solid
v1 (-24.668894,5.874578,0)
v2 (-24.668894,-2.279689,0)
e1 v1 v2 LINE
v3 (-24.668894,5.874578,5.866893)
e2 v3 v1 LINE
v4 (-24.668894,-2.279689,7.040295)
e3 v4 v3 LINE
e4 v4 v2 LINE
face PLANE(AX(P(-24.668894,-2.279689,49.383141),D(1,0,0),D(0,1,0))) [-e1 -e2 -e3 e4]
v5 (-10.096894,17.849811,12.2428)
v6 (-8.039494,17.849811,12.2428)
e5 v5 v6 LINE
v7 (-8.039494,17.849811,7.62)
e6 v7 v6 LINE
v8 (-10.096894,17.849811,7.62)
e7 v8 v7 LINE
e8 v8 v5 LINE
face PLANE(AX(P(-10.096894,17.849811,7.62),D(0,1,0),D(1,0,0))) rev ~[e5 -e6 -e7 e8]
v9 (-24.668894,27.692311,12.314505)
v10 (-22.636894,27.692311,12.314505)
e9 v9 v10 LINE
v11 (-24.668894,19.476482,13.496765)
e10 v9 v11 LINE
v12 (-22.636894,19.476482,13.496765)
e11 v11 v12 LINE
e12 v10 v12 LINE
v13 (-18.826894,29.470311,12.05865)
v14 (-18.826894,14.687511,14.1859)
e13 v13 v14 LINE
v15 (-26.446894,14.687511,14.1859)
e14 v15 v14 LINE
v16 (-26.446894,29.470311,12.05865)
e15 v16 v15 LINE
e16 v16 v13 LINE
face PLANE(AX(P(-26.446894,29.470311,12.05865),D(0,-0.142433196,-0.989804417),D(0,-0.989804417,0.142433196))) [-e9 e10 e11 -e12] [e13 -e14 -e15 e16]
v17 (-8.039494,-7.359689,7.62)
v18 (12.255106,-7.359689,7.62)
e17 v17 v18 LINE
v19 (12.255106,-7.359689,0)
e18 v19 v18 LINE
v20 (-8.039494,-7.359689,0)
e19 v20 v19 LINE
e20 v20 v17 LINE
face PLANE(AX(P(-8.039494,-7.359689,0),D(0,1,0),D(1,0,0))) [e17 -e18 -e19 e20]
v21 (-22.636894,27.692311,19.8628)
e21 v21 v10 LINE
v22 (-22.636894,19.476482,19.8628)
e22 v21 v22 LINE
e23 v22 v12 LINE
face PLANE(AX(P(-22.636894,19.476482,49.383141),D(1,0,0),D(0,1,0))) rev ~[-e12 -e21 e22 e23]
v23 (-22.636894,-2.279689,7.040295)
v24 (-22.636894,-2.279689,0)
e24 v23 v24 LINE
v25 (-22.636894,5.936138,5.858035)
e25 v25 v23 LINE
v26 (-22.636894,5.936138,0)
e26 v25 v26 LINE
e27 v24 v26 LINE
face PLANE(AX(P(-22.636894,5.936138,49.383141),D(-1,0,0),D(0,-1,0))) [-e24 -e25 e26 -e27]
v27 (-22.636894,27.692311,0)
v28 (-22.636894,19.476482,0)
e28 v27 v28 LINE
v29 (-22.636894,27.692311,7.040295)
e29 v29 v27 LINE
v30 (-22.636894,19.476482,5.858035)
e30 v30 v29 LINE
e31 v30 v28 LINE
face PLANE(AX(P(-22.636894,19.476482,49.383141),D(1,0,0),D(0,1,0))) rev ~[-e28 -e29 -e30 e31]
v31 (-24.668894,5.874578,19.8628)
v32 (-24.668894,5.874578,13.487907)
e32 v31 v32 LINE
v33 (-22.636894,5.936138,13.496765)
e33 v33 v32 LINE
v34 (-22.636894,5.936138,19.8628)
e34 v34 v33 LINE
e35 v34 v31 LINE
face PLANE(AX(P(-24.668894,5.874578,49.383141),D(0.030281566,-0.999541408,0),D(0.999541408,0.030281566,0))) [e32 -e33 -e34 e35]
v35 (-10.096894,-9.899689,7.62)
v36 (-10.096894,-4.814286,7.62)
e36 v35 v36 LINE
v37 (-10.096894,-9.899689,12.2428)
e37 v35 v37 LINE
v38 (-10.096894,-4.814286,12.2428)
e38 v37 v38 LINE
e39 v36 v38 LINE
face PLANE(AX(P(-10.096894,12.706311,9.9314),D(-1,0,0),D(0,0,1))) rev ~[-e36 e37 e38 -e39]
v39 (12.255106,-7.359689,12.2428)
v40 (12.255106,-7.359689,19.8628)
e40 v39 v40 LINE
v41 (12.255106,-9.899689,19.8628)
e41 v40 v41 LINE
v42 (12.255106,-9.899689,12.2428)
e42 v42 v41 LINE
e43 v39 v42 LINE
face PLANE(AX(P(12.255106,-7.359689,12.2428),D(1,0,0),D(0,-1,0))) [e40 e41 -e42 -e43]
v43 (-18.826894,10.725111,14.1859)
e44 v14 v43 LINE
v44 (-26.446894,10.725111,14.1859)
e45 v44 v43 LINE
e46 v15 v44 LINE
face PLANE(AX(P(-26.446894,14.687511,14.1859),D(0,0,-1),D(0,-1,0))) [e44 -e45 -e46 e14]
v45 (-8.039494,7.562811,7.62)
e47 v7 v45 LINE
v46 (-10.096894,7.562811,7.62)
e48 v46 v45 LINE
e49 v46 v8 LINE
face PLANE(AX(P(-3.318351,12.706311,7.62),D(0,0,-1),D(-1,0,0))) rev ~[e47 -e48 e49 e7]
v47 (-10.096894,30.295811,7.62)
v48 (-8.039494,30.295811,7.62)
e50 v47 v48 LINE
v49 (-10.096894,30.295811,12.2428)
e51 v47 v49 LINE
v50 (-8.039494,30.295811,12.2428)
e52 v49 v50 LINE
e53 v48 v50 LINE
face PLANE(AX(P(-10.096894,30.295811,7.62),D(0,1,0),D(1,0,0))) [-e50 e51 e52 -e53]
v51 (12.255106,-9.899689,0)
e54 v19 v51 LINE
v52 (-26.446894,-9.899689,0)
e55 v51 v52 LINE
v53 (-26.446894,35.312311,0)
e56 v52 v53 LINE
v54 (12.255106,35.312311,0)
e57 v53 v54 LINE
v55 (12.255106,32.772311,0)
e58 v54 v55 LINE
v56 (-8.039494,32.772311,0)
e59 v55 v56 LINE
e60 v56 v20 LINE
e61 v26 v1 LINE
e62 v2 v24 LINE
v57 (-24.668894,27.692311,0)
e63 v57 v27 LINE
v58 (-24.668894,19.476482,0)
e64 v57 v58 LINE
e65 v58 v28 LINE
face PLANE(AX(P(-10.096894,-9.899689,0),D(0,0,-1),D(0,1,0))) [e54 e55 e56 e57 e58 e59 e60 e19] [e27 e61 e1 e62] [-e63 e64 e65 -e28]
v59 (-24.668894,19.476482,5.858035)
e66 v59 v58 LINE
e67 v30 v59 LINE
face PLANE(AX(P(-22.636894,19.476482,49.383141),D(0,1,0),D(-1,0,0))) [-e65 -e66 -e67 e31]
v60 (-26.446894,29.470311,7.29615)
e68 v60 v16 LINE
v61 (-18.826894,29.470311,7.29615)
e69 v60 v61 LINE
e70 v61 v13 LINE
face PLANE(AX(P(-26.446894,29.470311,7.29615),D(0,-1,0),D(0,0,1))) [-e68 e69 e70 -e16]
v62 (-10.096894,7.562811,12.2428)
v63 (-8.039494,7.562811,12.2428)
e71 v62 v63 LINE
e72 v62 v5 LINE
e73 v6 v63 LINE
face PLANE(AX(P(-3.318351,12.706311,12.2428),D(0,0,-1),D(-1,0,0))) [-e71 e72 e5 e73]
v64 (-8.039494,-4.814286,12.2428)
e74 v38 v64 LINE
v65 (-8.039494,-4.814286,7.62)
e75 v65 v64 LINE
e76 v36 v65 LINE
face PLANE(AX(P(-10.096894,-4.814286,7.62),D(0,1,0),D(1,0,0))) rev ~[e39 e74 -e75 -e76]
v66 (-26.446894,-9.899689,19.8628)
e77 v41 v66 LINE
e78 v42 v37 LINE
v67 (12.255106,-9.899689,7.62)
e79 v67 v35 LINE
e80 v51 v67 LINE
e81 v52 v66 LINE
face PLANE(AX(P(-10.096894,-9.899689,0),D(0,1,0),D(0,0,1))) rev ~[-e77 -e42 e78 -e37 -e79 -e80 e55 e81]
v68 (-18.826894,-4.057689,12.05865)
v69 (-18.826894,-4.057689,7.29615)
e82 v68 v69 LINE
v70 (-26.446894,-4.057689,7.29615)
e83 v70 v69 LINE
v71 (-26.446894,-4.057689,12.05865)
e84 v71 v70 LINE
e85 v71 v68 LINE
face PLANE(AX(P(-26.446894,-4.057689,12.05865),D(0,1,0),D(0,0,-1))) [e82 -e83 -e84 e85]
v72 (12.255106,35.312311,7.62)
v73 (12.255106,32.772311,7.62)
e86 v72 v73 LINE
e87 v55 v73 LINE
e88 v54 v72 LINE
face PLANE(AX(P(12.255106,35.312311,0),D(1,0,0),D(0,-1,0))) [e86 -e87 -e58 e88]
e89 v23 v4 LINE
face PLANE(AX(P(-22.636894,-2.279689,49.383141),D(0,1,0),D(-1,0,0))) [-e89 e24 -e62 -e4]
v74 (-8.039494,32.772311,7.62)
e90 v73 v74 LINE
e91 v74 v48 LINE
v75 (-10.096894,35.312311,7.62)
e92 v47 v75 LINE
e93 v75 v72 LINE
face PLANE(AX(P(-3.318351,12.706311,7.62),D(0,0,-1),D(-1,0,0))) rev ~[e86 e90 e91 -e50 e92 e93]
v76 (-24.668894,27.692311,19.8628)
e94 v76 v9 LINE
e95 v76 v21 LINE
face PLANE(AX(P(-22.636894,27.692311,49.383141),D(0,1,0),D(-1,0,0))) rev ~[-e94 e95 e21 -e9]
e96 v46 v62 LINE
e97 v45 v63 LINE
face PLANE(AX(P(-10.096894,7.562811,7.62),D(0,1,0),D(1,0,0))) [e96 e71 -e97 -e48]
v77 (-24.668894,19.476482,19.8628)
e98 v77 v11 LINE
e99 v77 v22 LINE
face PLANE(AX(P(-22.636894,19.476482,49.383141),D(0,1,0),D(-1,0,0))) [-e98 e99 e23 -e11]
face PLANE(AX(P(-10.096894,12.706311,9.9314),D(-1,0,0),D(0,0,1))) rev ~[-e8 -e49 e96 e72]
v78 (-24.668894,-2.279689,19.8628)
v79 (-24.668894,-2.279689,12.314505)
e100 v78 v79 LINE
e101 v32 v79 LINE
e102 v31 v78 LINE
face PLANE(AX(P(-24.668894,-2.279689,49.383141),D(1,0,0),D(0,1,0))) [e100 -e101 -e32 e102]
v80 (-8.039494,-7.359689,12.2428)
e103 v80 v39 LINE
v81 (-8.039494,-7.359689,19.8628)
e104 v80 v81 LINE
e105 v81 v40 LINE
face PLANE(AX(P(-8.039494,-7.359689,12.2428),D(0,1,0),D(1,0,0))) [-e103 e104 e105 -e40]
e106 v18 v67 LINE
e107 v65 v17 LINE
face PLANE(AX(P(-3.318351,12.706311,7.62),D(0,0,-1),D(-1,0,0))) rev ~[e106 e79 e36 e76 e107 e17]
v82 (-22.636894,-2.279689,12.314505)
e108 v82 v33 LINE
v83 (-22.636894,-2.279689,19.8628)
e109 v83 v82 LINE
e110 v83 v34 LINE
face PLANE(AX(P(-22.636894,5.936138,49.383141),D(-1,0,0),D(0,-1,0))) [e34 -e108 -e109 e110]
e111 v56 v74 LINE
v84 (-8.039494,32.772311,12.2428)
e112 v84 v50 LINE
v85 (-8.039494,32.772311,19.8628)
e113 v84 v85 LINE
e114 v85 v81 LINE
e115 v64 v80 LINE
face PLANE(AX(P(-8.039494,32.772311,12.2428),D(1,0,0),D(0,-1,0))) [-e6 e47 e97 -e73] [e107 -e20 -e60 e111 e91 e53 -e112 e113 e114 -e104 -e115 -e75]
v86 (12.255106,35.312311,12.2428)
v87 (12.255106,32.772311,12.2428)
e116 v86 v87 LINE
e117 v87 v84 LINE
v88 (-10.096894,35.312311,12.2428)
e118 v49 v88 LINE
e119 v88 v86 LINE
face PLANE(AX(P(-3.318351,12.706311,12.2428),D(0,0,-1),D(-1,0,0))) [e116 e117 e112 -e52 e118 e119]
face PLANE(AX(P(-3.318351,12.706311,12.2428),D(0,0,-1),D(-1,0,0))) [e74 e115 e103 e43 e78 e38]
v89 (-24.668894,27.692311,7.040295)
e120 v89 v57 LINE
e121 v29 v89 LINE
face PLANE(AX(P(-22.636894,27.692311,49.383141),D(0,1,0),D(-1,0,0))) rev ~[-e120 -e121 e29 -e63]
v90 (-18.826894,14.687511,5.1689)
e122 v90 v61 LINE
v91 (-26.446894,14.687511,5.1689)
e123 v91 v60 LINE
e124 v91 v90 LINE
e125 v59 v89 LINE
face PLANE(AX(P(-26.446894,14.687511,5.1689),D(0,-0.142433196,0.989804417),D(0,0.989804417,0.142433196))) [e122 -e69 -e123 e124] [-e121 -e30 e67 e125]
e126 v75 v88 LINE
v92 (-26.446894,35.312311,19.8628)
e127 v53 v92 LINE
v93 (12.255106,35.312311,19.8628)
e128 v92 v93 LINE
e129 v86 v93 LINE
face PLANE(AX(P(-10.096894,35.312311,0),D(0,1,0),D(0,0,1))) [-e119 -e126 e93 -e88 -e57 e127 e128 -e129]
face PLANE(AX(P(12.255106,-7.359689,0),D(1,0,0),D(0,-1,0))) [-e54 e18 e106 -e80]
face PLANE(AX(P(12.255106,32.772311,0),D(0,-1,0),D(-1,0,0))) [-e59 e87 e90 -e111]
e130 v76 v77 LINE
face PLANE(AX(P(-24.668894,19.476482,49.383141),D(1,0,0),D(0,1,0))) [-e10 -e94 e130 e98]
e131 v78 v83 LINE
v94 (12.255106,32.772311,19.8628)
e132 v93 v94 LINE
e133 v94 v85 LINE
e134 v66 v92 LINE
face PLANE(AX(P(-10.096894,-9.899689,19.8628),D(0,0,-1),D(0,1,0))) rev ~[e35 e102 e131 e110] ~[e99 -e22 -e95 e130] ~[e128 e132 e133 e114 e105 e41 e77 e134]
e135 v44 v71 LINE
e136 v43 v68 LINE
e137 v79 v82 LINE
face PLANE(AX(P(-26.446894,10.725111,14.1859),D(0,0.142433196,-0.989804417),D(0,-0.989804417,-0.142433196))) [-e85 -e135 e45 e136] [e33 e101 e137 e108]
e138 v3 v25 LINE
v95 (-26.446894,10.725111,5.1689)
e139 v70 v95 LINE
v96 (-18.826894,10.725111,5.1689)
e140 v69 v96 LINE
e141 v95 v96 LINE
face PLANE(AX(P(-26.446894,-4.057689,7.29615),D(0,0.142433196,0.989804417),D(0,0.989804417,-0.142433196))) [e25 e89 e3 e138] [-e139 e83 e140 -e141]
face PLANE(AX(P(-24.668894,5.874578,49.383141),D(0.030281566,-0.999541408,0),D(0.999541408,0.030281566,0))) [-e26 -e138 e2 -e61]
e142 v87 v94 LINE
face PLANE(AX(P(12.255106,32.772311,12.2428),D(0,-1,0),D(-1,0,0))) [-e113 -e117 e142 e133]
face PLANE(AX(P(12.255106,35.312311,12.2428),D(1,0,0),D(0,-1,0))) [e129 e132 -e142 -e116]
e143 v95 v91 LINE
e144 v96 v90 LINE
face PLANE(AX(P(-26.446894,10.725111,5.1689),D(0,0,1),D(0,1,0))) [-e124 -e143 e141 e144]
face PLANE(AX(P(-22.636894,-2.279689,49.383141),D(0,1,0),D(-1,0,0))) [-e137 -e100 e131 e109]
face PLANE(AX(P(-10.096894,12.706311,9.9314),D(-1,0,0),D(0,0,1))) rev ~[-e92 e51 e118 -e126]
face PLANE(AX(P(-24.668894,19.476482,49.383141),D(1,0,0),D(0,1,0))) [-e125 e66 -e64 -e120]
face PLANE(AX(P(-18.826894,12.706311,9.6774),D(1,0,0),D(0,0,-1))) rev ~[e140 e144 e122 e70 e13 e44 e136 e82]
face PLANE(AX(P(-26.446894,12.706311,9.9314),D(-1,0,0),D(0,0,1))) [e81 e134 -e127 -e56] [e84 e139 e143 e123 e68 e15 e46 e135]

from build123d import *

# Parameters (mm, degrees)
SERVO_CLASPER_2ND_HALF_SERVO_A_DEPTH     = 7.62
CUTOUT_START                             = 7.62
CENTER_ENCAPSULATOR_W                    = 2.0574
CENTER_ENCAPSULATOR_H                    = 12.446
CENTER_ENCAPSULATOR_H_2                  = 12.377096657
CUTOUT_TO_HOLD_SERVO_DEPTH               = 4.6228
SERVO_START                              = 12.2428
SERVO_CLASPER_2ND_HALF_OTHER_SERVO_DEPTH = 7.62
SKETCH12_W                               = 19.8628
SKETCH12_H                               = 45.212
SERVO_HOLDER_EXTRUDE_DEPTH               = 16.350000066
SERVO_B_CUT_DEPTH                        = 7.62
SERVO_B_SECURER_CUT_DEPTH                = 49.383140951
SERVO_B_SECURER_CUT_DEPTH_BACK           = 49.383140951
SKETCH18_W                               = 2.032
SKETCH18_H                               = 8.21582812


with BuildPart() as part:
    # Sketch1 → Servo Clasper 2nd Half (Servo A) (new body)
    with BuildSketch(Plane.XY):
        Polygon((12.25510559, 35.312310559), (12.25510559, 32.772310559), (-8.03949441, 32.772310559), (-8.03949441, -7.359689441), (12.25510559, -7.359689441), (12.25510559, -9.899689441), (-10.09689441, -9.899689441), (-10.09689441, 35.312310559), align=None)
    extrude(amount=SERVO_CLASPER_2ND_HALF_SERVO_A_DEPTH)

    # center encapsulator → Cutout to hold servo (add)
    with BuildSketch(Plane.XY.offset(CUTOUT_START)):
        with Locations((-9.06819441, 24.072810559)):
            Rectangle(CENTER_ENCAPSULATOR_W, CENTER_ENCAPSULATOR_H)
        with Locations((-9.06819441, 1.374262231)):
            Rectangle(CENTER_ENCAPSULATOR_W, CENTER_ENCAPSULATOR_H_2)
    extrude(amount=CUTOUT_TO_HOLD_SERVO_DEPTH)

    # Sketch7 → Servo Clasper 2nd Half (Other Servo) (add)
    with BuildSketch(Plane.XY.offset(SERVO_START)):
        Polygon((12.25510559, 35.312310559), (12.25510559, 32.772310559), (-8.03949441, 32.772310559), (-8.03949441, -7.359689441), (12.25510559, -7.359689441), (12.25510559, -9.899689441), (-10.09689441, -9.899689441), (-10.09689441, 35.312310559), align=None)
    extrude(amount=SERVO_CLASPER_2ND_HALF_OTHER_SERVO_DEPTH)

    # Sketch12 → Servo Holder Extrude (add)
    with BuildSketch(Plane.ZY.offset(10.09689441)):
        with Locations((9.9314, 12.706310559)):
            Rectangle(SKETCH12_W, SKETCH12_H)
    extrude(amount=SERVO_HOLDER_EXTRUDE_DEPTH)

    # Sketch14 → Servo B Cut (cut)
    with BuildSketch(Plane.ZY.offset(26.446894476)):
        Polygon((7.29615, 29.470310559), (12.05865, 29.470310559), (14.1859, 14.687510559), (14.1859, 10.725110559), (12.05865, -4.057689441), (7.29615, -4.057689441), (5.1689, 10.725110559), (5.1689, 14.687510559), align=None)
    extrude(amount=-SERVO_B_CUT_DEPTH, mode=Mode.SUBTRACT)

    # Sketch18 → Servo B Securer Cut (cut, two sides: drawn at the far end of the back side and taken through both)
    with BuildSketch(Plane(origin=(0, 0, 0), x_dir=(-1, 0, 0), z_dir=(0, 0, -1)).offset(-SERVO_B_SECURER_CUT_DEPTH_BACK)):
        with Locations((23.652894476, 23.584396499)):
            Rectangle(SKETCH18_W, SKETCH18_H)
        Polygon((24.668894476, 5.874578093), (22.636894476, 5.936138467), (22.636894476, -2.279689441), (24.668894476, -2.279689441), align=None)
    extrude(amount=SERVO_B_SECURER_CUT_DEPTH + SERVO_B_SECURER_CUT_DEPTH_BACK, mode=Mode.SUBTRACT)


solid = part.part
